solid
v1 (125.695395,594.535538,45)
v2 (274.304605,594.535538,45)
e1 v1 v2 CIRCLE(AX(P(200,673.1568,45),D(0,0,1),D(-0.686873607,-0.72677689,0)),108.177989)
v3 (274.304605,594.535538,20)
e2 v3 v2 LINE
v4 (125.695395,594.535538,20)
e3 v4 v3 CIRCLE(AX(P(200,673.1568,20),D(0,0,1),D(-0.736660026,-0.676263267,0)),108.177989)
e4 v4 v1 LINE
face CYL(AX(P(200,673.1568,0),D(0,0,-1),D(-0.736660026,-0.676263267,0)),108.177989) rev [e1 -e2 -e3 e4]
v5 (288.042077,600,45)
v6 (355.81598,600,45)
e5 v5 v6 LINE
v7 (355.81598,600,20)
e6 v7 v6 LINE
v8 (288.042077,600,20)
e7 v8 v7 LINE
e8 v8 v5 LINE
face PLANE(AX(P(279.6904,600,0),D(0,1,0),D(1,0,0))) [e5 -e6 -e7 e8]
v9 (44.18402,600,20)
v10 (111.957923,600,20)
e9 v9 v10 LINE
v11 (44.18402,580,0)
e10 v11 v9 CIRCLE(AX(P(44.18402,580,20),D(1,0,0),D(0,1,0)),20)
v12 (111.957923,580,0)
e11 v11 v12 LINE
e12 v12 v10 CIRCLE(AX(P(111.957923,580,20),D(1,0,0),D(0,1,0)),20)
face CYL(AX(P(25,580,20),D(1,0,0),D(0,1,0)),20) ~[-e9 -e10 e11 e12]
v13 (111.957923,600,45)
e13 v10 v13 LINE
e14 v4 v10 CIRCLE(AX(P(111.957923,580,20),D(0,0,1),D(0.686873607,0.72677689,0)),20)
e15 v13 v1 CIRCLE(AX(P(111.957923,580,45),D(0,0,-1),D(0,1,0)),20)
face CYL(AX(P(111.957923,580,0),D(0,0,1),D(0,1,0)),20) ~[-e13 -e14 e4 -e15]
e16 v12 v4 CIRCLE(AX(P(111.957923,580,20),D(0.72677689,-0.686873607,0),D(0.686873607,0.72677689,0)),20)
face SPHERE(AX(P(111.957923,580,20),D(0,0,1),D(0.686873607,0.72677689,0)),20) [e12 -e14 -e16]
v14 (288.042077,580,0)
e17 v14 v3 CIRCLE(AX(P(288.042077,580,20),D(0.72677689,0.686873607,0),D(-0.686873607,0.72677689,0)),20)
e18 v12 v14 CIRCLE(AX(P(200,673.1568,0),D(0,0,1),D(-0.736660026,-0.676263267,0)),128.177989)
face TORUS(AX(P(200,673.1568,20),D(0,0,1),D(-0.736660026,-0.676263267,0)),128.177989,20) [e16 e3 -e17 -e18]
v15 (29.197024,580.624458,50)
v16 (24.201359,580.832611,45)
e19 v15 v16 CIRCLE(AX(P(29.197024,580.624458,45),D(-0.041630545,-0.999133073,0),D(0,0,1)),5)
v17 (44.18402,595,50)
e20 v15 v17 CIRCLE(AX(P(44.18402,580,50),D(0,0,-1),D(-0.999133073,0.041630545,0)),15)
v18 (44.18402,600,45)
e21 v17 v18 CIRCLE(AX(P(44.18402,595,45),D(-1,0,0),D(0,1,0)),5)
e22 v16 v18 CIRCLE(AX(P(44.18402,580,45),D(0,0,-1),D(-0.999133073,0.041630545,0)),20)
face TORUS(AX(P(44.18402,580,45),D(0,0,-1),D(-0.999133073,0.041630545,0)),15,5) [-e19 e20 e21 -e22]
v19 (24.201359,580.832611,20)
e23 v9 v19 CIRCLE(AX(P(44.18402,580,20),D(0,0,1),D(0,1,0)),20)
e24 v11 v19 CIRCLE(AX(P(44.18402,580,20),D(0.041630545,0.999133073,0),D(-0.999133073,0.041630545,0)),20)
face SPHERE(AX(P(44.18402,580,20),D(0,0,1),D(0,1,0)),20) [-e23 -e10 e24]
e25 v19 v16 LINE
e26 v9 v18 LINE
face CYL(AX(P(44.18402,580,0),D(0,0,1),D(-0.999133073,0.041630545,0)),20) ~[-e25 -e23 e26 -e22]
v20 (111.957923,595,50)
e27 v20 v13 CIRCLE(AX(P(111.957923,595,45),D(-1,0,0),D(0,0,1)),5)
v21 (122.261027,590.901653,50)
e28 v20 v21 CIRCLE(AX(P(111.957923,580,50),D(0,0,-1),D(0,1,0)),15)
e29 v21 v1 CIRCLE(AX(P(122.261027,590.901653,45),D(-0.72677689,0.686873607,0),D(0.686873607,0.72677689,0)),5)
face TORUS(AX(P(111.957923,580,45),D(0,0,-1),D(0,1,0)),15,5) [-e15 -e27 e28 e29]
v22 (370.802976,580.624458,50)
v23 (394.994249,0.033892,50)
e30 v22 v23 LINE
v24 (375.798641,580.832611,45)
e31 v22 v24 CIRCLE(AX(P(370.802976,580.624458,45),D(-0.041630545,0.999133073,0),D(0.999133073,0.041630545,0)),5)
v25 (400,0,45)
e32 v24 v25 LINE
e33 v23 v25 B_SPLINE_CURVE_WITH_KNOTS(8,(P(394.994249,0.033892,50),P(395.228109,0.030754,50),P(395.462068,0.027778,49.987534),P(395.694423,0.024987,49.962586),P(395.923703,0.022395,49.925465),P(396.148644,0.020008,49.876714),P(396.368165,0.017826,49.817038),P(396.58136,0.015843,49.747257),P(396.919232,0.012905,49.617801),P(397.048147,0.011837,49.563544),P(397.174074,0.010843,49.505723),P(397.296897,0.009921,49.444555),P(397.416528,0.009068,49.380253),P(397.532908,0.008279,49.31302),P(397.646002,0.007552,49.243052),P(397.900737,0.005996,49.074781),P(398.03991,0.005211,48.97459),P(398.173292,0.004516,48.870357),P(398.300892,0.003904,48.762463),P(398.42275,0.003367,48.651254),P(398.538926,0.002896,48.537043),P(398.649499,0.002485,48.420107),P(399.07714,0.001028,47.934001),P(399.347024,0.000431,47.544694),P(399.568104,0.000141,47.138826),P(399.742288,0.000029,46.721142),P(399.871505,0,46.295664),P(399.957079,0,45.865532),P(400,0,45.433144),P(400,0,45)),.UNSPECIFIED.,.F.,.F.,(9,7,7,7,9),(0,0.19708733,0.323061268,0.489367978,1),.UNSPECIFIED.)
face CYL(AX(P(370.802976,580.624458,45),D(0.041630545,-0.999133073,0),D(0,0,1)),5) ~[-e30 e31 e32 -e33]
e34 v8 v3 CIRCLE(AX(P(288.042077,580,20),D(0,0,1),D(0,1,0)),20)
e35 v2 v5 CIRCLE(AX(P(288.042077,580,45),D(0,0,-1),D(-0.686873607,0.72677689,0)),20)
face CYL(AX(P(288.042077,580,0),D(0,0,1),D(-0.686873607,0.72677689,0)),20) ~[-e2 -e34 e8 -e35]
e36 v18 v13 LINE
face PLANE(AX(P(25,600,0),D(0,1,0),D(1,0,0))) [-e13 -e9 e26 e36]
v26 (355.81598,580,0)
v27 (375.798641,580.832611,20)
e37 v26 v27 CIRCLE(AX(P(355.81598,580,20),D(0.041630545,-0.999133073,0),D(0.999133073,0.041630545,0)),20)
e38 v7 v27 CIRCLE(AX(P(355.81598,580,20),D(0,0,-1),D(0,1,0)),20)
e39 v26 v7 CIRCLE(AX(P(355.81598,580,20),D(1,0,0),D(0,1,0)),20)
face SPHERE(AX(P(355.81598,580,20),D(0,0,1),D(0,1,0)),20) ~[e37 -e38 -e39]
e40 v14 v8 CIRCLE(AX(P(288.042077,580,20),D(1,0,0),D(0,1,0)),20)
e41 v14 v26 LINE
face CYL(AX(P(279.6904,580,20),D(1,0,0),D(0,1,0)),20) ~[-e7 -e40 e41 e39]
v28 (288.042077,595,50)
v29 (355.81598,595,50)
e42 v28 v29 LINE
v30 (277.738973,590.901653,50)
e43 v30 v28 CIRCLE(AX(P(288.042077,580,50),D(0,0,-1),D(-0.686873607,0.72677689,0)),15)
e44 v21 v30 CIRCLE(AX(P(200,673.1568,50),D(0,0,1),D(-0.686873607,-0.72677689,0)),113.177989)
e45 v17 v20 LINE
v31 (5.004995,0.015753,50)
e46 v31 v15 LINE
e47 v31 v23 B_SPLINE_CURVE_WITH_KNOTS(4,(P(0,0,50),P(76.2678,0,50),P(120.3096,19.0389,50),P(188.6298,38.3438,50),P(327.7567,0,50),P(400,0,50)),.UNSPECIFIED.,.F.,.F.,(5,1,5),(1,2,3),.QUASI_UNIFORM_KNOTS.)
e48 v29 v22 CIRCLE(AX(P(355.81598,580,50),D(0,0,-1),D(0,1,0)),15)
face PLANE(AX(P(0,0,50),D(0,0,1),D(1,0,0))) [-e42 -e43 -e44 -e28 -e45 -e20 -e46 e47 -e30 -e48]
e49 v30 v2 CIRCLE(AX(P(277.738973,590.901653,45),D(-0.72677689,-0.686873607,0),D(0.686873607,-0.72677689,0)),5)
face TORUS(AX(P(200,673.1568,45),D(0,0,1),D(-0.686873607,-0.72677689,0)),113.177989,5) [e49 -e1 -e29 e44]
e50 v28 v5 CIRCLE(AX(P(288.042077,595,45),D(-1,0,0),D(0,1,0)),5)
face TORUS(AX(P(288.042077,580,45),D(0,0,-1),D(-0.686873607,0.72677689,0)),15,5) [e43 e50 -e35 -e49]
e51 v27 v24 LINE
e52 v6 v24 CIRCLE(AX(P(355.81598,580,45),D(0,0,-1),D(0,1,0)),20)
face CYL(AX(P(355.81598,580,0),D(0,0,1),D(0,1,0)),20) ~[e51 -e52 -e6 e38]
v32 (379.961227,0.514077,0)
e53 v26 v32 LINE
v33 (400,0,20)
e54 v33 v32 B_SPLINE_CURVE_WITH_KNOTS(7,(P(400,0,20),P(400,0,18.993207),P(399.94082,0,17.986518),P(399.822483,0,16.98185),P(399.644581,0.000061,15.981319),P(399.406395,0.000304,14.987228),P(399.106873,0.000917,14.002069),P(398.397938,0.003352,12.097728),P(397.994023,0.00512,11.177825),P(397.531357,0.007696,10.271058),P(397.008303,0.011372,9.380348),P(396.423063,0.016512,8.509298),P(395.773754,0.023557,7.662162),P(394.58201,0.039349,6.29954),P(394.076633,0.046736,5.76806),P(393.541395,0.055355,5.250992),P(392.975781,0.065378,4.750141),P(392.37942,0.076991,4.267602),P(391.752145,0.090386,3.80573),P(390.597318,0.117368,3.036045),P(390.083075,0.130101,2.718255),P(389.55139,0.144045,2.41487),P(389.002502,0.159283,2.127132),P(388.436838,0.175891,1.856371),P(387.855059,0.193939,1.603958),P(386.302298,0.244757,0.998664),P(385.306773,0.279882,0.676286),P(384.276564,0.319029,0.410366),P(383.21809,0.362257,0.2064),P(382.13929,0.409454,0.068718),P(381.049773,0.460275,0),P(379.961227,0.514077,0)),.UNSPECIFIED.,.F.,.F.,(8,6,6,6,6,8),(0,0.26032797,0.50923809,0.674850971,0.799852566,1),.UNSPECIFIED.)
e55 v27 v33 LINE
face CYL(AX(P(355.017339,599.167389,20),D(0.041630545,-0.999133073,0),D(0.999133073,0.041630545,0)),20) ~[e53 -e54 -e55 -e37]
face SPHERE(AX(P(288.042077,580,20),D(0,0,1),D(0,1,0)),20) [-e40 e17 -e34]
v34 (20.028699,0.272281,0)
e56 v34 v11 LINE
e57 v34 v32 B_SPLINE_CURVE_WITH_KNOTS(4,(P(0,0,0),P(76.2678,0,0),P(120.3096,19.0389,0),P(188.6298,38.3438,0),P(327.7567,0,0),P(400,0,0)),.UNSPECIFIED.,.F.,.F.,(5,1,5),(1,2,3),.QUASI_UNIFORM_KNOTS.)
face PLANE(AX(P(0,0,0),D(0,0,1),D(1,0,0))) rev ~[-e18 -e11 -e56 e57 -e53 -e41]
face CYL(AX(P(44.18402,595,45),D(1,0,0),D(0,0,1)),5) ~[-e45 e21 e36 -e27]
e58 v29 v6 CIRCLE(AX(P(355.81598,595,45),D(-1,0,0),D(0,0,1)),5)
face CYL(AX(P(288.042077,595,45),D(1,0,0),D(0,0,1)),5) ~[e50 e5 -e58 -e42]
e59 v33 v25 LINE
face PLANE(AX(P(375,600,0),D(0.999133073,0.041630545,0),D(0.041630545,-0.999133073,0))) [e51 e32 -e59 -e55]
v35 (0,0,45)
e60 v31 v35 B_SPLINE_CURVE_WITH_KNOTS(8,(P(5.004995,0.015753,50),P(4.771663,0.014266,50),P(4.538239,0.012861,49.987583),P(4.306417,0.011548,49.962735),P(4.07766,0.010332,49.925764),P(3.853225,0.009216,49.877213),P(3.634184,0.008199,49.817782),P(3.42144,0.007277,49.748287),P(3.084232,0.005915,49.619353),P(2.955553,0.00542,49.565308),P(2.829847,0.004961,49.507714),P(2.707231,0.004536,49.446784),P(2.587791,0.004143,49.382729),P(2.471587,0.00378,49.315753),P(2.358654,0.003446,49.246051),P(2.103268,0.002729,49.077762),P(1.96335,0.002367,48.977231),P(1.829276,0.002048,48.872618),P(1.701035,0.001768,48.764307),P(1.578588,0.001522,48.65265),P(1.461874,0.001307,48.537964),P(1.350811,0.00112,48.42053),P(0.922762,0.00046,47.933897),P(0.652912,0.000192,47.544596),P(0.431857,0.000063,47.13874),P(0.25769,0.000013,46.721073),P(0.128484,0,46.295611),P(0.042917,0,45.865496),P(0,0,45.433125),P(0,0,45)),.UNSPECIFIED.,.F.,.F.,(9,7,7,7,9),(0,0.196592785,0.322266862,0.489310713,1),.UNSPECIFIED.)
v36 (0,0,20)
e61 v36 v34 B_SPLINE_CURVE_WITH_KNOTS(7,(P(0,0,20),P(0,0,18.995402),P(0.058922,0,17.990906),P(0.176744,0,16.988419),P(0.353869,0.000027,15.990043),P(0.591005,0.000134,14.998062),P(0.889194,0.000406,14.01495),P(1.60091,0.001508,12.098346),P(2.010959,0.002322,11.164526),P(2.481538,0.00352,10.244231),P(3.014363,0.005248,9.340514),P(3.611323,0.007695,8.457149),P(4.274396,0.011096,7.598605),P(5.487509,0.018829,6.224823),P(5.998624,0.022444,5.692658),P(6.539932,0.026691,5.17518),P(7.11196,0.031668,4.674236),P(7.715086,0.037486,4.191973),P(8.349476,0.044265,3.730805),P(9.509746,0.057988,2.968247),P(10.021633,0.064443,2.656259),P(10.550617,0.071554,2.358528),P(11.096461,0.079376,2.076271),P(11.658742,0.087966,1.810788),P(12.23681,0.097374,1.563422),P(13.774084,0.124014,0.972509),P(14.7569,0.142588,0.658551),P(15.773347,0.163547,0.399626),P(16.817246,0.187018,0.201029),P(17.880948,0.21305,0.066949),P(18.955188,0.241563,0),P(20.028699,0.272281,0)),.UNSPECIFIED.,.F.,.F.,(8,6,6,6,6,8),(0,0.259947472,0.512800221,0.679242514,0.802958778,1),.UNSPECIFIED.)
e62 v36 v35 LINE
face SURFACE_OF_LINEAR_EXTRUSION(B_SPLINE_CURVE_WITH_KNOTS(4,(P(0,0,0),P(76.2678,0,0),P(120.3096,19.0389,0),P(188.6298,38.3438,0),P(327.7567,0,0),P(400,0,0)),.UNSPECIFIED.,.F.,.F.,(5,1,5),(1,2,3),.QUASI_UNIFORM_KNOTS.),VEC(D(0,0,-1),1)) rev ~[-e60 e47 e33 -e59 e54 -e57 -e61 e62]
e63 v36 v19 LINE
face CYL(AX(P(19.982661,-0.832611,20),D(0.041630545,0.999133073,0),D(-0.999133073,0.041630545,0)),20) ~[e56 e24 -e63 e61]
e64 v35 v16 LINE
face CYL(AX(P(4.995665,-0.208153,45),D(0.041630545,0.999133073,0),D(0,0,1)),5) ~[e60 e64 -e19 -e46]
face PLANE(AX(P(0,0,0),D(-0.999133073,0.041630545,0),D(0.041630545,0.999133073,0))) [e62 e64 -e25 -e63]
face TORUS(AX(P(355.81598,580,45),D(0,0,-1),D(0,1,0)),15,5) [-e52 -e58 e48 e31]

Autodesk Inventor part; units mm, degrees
ref_plane "YZ Plane" through (0, 0, 0) normal (1, 0, 0) x (0, 1, 0)
ref_plane "XZ Plane" through (0, 0, 0) normal (0, 1, 0) x (-1, 0, 0)
ref_plane "XY Plane" through (0, 0, 0) normal (0, 0, 1) x (1, 0, 0)
sketch "Sketch1" plane through (0, 0, 0) normal (0, 0, 1) x (1, 0, 0)
  line L0 (0, 0) -> (25, 600)
  line L1 (25, 600) -> (375, 600)
  line L2 (375, 600) -> (400, 0)
  line L3 (400, 0) -> (0, 0)
  line L4 (0, 0) -> (76.2678, 0) construction
  line L5 (76.2678, 0) -> (120.3096, 19.0389) construction
  line L6 (120.3096, 19.0389) -> (188.6298, 38.3438) construction
  line L7 (188.6298, 38.3438) -> (327.7567, 0) construction
  line L8 (327.7567, 0) -> (400, 0) construction
  spline S0 degree 4 poles (0, 0) (76.2678, 0) (120.3096, 19.0389) (188.6298, 38.3438) (327.7567, 0) (400, 0) knots 1 1 1 1 1 2 3 3 3 3 3
  arc A0 (120.3096, 600) -> (279.6904, 600) centre (200, 673.1568) ccw
  line L9 (120.3096, 600) -> (25, 600)
  line L10 (25, 600) -> (0, 0)
  dimension "d0" = 600
  dimension "d1" = 25
  dimension "d2" = 350
  dimension "d3" = 400
  dimension "d4" = 175
extrude "Extrusion1" add sketch "Sketch1" along normal blind 50 contours L0 L1 A0 L2 S0
fillet "Fillet1" radius 20 9 edges at (327.3452, 600, 0) (387.5, 300, 0) (200, 564.9788, 0) (72.6548, 600, 0) (12.5, 300, 0) (25, 600, 25) (120.3096, 600, 25) (279.6904, 600, 25) (375, 600, 25)
fillet "Fillet2" radius 5 9 edges at (78.071, 600, 50) (119.3501, 598.5837, 50) (200, 564.9788, 50) (280.6499, 598.5837, 50) (321.929, 600, 50) (369.6606, 594.4335, 50) (387.8993, 290.4163, 50) (12.1007, 290.4163, 50) (30.3394, 594.4335, 50)
properties part number "backrest wheelchair EG26"
